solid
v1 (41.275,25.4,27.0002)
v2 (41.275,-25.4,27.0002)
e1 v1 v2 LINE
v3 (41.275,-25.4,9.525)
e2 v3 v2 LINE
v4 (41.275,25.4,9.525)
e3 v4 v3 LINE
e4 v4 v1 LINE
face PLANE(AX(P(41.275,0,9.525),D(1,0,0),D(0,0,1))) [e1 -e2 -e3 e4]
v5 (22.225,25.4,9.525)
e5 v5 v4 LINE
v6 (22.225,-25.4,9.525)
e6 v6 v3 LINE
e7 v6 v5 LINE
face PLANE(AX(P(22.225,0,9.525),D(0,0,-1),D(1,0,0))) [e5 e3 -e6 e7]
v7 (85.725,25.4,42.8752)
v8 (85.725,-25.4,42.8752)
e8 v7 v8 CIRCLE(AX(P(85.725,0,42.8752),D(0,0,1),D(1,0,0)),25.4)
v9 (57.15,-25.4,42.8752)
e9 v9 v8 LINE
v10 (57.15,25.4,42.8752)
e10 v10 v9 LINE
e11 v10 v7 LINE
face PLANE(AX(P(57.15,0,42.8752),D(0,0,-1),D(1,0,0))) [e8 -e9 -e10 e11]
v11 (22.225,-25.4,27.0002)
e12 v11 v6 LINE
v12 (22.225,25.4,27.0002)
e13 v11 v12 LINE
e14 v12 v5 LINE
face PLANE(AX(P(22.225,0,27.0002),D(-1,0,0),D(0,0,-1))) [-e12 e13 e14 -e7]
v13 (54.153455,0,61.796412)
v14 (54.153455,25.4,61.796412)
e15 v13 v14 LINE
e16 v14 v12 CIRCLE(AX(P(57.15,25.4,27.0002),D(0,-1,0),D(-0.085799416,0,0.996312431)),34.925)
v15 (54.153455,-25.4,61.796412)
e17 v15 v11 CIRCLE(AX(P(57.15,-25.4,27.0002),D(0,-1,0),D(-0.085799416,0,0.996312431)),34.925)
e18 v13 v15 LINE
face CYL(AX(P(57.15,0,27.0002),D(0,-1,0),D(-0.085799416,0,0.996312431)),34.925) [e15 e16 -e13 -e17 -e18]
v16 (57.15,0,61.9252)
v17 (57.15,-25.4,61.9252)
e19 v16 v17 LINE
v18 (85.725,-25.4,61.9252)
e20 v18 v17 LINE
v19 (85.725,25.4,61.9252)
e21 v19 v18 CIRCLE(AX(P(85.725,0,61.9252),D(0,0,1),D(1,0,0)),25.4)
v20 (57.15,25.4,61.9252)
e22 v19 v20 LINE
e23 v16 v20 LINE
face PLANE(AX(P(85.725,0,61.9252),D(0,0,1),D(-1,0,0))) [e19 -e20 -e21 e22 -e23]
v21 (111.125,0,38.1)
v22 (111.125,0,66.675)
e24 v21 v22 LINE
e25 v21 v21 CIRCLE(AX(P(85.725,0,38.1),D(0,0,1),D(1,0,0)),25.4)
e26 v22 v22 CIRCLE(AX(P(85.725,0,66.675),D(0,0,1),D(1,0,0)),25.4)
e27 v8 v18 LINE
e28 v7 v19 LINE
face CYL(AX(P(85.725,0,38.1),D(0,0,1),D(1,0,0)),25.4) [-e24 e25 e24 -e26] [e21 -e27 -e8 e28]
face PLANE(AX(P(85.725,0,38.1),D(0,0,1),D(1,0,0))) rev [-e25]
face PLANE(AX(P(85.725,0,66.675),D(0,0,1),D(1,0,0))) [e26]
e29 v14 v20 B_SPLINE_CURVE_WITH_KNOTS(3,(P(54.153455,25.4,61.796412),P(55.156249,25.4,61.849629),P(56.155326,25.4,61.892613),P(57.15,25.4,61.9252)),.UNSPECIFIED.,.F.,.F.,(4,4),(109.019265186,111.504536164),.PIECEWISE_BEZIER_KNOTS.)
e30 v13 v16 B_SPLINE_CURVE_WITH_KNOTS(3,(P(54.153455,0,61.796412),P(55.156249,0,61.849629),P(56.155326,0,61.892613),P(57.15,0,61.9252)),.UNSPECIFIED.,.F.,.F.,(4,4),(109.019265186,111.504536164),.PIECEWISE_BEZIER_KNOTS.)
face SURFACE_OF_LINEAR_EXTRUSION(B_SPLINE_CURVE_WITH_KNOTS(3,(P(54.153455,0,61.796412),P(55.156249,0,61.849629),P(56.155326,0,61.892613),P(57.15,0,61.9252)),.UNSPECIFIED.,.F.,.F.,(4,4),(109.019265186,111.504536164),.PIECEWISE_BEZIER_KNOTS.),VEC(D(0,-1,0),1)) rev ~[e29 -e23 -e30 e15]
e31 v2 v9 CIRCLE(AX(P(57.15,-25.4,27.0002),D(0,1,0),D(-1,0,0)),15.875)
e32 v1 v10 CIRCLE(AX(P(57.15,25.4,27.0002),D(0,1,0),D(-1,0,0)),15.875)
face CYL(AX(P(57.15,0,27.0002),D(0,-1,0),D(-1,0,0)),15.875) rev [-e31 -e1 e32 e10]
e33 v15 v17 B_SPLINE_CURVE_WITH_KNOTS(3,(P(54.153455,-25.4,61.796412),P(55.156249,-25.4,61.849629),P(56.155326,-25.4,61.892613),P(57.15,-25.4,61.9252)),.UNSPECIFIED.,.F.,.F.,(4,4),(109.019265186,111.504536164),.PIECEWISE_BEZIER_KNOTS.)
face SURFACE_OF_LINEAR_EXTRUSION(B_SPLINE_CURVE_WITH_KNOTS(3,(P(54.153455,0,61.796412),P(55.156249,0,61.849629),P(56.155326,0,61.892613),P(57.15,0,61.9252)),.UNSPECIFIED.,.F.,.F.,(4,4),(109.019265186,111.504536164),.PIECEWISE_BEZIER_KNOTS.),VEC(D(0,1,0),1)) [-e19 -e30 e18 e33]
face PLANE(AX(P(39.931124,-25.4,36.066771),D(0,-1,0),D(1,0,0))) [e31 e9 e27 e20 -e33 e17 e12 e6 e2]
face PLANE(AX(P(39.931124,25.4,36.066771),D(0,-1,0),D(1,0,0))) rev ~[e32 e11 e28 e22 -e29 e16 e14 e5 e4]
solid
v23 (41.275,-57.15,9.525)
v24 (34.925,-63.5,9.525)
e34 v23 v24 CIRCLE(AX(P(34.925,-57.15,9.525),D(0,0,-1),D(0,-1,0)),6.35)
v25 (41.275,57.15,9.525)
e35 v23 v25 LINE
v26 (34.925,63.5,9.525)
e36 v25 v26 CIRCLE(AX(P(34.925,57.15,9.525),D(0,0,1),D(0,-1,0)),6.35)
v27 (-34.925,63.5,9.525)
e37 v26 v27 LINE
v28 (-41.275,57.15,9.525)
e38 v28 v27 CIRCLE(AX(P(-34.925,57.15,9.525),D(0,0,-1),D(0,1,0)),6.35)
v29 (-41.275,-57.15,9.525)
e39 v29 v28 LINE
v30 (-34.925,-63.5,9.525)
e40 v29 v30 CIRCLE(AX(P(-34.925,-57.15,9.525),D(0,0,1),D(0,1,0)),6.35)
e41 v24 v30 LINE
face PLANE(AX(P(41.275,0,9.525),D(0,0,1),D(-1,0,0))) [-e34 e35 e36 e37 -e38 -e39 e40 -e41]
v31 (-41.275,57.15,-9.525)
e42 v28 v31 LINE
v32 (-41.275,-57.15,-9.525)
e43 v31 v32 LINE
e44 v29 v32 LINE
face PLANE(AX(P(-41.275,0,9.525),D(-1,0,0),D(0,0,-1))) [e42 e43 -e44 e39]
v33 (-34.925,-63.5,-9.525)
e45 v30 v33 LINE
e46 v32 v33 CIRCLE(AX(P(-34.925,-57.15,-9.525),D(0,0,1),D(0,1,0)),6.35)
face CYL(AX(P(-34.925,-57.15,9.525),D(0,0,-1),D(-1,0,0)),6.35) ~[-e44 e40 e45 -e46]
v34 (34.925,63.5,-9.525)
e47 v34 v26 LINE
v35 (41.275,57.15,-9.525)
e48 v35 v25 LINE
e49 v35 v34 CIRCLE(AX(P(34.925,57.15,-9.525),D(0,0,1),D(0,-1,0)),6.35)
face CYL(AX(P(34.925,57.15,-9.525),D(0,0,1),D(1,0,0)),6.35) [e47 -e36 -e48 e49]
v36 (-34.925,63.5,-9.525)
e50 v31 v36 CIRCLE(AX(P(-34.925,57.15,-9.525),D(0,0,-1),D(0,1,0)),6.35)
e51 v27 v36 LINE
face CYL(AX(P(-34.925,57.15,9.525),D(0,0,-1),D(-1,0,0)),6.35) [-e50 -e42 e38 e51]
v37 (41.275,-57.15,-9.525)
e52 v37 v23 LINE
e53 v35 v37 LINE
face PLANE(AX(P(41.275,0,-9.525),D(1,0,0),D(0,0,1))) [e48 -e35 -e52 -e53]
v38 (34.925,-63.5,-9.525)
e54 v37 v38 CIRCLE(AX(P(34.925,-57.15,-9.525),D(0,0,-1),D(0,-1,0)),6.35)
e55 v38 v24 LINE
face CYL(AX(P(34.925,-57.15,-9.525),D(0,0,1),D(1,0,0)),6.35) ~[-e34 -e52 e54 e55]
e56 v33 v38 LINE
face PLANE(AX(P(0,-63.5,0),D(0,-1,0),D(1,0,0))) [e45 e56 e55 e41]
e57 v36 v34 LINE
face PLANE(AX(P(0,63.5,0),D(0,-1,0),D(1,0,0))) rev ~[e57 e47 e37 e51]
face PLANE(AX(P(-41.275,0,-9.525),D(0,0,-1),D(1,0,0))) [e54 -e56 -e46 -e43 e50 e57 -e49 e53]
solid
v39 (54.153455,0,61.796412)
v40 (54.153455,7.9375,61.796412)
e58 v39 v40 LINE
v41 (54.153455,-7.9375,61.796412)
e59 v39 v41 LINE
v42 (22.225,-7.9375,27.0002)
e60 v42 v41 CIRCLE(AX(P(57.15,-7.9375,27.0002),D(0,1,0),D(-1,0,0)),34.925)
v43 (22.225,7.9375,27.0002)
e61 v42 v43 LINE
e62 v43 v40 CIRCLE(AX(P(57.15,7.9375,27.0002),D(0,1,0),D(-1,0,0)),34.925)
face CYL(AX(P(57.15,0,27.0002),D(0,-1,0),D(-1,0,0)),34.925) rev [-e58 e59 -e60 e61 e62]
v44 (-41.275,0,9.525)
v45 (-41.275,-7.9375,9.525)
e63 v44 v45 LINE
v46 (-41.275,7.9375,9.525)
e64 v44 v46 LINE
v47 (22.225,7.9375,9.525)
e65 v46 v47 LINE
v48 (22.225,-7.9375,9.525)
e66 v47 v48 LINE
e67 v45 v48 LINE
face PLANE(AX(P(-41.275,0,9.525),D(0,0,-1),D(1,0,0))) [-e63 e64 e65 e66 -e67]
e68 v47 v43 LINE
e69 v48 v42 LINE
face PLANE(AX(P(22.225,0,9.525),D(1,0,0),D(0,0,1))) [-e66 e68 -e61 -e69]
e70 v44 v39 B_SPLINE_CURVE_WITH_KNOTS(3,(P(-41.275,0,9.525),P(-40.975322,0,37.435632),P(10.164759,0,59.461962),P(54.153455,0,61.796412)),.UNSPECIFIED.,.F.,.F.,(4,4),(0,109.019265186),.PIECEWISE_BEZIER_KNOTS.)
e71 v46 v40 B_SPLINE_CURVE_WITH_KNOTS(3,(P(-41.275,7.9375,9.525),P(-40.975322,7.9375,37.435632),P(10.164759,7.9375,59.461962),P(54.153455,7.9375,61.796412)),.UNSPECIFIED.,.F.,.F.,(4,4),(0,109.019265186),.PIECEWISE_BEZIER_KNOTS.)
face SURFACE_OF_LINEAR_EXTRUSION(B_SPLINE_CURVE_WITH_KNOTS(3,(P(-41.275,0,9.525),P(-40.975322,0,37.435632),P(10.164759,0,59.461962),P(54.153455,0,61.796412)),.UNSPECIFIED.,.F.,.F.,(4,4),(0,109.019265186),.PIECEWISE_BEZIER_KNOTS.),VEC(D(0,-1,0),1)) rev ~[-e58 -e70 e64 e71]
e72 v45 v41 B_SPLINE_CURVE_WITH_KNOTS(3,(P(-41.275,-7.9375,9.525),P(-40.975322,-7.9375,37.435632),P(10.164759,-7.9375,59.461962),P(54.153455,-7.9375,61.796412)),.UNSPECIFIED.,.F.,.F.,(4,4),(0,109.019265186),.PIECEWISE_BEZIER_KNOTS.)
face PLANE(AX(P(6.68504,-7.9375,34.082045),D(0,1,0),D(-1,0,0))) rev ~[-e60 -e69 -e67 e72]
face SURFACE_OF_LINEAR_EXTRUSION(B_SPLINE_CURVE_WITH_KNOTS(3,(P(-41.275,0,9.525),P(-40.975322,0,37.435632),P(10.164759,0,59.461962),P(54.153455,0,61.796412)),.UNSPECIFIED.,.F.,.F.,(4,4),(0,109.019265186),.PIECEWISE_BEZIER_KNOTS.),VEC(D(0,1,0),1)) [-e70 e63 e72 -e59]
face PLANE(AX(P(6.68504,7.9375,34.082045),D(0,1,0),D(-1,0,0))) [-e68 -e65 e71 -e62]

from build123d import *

# Parameters (mm, degrees)
F1_DEPTH = 63.5
F0_W     = 25.4
F0_H     = 19.05
F2_DEPTH = 25.4
F3_DEPTH = 7.9375
F5_R     = 6.35


with BuildPart() as f1:
    # F0 (on Front) → F1 (new body, symmetric)
    with BuildSketch(Plane.XZ):
        Polygon((-41.275, 9.525), (-41.275, -9.525), (41.275, -9.525), (41.275, 9.525), (22.225, 9.525), align=None)
    extrude(amount=F1_DEPTH, both=True)

    # F5
    f5_edges = [f1.edges().sort_by_distance(p)[0] for p in [
        (41.275, -63.5, 0),
        (41.275, 63.5, 0),
        (-41.275, 63.5, 0),
        (-41.275, -63.5, 0),
    ]]
    fillet(f5_edges, radius=F5_R)


with BuildPart() as f2:
    # F0 (on Front) → F2 (new body, symmetric)
    with BuildSketch(Plane.XZ):
        with BuildLine():
            Line((22.225, 9.525), (41.275, 9.525))
            Line((41.275, 9.525), (41.275, 27.0002))
            ThreePointArc((41.275, 27.0002), (45.9246798487, 38.2255201513), (57.15, 42.8752))
            Line((57.15, 42.8752), (60.325, 42.8752))
            Line((60.325, 42.8752), (60.325, 61.9252))
            Line((60.325, 61.9252), (57.15, 61.9252))
            add(Edge.make_bspline(
                [(54.1534553812, 61.7964116522), (55.1562490724, 61.8496292221), (56.1553262898, 61.8926131979), (57.15, 61.9252)],
                knots=[109.019265186, 109.019265186, 109.019265186, 109.019265186, 111.5045361635, 111.5045361635, 111.5045361635, 111.5045361635], degree=3))
            ThreePointArc((54.1534553812, 61.7964116522), (31.4166563986, 50.6127104996), (22.225, 27.0002))
            Line((22.225, 27.0002), (22.225, 9.525))
        make_face()
        with Locations((73.025, 52.4002)):
            Rectangle(F0_W, F0_H)
    extrude(amount=F2_DEPTH, both=True)

    # F0 (on Front) → F4 (revolve)
    with BuildSketch(Plane.XZ):
        Polygon((85.725, 66.675), (85.725, 61.9252), (85.725, 42.8752), (85.725, 38.1), (111.125, 38.1), (111.125, 66.675), align=None)
    revolve(axis=Axis((85.725, 0, 52.3875), (0, 0, 1)))


with BuildPart() as f3:
    # F0 (on Front) → F3 (new body, symmetric)
    with BuildSketch(Plane.XZ):
        with BuildLine():
            add(Edge.make_bspline(
                [(-41.275, 9.525), (-40.9753215909, 37.4356315417), (10.1647586431, 59.4619618421), (54.1534553812, 61.7964116522)],
                knots=[0, 0, 0, 0, 109.019265186, 109.019265186, 109.019265186, 109.019265186], degree=3))
            Line((-41.275, 9.525), (22.225, 9.525))
            Line((22.225, 9.525), (22.225, 27.0002))
            ThreePointArc((22.225, 27.0002), (31.4166563986, 50.6127104996), (54.1534553812, 61.7964116522))
        make_face()
    extrude(amount=F3_DEPTH, both=True)


solid = Compound([f1.part, f2.part, f3.part])
